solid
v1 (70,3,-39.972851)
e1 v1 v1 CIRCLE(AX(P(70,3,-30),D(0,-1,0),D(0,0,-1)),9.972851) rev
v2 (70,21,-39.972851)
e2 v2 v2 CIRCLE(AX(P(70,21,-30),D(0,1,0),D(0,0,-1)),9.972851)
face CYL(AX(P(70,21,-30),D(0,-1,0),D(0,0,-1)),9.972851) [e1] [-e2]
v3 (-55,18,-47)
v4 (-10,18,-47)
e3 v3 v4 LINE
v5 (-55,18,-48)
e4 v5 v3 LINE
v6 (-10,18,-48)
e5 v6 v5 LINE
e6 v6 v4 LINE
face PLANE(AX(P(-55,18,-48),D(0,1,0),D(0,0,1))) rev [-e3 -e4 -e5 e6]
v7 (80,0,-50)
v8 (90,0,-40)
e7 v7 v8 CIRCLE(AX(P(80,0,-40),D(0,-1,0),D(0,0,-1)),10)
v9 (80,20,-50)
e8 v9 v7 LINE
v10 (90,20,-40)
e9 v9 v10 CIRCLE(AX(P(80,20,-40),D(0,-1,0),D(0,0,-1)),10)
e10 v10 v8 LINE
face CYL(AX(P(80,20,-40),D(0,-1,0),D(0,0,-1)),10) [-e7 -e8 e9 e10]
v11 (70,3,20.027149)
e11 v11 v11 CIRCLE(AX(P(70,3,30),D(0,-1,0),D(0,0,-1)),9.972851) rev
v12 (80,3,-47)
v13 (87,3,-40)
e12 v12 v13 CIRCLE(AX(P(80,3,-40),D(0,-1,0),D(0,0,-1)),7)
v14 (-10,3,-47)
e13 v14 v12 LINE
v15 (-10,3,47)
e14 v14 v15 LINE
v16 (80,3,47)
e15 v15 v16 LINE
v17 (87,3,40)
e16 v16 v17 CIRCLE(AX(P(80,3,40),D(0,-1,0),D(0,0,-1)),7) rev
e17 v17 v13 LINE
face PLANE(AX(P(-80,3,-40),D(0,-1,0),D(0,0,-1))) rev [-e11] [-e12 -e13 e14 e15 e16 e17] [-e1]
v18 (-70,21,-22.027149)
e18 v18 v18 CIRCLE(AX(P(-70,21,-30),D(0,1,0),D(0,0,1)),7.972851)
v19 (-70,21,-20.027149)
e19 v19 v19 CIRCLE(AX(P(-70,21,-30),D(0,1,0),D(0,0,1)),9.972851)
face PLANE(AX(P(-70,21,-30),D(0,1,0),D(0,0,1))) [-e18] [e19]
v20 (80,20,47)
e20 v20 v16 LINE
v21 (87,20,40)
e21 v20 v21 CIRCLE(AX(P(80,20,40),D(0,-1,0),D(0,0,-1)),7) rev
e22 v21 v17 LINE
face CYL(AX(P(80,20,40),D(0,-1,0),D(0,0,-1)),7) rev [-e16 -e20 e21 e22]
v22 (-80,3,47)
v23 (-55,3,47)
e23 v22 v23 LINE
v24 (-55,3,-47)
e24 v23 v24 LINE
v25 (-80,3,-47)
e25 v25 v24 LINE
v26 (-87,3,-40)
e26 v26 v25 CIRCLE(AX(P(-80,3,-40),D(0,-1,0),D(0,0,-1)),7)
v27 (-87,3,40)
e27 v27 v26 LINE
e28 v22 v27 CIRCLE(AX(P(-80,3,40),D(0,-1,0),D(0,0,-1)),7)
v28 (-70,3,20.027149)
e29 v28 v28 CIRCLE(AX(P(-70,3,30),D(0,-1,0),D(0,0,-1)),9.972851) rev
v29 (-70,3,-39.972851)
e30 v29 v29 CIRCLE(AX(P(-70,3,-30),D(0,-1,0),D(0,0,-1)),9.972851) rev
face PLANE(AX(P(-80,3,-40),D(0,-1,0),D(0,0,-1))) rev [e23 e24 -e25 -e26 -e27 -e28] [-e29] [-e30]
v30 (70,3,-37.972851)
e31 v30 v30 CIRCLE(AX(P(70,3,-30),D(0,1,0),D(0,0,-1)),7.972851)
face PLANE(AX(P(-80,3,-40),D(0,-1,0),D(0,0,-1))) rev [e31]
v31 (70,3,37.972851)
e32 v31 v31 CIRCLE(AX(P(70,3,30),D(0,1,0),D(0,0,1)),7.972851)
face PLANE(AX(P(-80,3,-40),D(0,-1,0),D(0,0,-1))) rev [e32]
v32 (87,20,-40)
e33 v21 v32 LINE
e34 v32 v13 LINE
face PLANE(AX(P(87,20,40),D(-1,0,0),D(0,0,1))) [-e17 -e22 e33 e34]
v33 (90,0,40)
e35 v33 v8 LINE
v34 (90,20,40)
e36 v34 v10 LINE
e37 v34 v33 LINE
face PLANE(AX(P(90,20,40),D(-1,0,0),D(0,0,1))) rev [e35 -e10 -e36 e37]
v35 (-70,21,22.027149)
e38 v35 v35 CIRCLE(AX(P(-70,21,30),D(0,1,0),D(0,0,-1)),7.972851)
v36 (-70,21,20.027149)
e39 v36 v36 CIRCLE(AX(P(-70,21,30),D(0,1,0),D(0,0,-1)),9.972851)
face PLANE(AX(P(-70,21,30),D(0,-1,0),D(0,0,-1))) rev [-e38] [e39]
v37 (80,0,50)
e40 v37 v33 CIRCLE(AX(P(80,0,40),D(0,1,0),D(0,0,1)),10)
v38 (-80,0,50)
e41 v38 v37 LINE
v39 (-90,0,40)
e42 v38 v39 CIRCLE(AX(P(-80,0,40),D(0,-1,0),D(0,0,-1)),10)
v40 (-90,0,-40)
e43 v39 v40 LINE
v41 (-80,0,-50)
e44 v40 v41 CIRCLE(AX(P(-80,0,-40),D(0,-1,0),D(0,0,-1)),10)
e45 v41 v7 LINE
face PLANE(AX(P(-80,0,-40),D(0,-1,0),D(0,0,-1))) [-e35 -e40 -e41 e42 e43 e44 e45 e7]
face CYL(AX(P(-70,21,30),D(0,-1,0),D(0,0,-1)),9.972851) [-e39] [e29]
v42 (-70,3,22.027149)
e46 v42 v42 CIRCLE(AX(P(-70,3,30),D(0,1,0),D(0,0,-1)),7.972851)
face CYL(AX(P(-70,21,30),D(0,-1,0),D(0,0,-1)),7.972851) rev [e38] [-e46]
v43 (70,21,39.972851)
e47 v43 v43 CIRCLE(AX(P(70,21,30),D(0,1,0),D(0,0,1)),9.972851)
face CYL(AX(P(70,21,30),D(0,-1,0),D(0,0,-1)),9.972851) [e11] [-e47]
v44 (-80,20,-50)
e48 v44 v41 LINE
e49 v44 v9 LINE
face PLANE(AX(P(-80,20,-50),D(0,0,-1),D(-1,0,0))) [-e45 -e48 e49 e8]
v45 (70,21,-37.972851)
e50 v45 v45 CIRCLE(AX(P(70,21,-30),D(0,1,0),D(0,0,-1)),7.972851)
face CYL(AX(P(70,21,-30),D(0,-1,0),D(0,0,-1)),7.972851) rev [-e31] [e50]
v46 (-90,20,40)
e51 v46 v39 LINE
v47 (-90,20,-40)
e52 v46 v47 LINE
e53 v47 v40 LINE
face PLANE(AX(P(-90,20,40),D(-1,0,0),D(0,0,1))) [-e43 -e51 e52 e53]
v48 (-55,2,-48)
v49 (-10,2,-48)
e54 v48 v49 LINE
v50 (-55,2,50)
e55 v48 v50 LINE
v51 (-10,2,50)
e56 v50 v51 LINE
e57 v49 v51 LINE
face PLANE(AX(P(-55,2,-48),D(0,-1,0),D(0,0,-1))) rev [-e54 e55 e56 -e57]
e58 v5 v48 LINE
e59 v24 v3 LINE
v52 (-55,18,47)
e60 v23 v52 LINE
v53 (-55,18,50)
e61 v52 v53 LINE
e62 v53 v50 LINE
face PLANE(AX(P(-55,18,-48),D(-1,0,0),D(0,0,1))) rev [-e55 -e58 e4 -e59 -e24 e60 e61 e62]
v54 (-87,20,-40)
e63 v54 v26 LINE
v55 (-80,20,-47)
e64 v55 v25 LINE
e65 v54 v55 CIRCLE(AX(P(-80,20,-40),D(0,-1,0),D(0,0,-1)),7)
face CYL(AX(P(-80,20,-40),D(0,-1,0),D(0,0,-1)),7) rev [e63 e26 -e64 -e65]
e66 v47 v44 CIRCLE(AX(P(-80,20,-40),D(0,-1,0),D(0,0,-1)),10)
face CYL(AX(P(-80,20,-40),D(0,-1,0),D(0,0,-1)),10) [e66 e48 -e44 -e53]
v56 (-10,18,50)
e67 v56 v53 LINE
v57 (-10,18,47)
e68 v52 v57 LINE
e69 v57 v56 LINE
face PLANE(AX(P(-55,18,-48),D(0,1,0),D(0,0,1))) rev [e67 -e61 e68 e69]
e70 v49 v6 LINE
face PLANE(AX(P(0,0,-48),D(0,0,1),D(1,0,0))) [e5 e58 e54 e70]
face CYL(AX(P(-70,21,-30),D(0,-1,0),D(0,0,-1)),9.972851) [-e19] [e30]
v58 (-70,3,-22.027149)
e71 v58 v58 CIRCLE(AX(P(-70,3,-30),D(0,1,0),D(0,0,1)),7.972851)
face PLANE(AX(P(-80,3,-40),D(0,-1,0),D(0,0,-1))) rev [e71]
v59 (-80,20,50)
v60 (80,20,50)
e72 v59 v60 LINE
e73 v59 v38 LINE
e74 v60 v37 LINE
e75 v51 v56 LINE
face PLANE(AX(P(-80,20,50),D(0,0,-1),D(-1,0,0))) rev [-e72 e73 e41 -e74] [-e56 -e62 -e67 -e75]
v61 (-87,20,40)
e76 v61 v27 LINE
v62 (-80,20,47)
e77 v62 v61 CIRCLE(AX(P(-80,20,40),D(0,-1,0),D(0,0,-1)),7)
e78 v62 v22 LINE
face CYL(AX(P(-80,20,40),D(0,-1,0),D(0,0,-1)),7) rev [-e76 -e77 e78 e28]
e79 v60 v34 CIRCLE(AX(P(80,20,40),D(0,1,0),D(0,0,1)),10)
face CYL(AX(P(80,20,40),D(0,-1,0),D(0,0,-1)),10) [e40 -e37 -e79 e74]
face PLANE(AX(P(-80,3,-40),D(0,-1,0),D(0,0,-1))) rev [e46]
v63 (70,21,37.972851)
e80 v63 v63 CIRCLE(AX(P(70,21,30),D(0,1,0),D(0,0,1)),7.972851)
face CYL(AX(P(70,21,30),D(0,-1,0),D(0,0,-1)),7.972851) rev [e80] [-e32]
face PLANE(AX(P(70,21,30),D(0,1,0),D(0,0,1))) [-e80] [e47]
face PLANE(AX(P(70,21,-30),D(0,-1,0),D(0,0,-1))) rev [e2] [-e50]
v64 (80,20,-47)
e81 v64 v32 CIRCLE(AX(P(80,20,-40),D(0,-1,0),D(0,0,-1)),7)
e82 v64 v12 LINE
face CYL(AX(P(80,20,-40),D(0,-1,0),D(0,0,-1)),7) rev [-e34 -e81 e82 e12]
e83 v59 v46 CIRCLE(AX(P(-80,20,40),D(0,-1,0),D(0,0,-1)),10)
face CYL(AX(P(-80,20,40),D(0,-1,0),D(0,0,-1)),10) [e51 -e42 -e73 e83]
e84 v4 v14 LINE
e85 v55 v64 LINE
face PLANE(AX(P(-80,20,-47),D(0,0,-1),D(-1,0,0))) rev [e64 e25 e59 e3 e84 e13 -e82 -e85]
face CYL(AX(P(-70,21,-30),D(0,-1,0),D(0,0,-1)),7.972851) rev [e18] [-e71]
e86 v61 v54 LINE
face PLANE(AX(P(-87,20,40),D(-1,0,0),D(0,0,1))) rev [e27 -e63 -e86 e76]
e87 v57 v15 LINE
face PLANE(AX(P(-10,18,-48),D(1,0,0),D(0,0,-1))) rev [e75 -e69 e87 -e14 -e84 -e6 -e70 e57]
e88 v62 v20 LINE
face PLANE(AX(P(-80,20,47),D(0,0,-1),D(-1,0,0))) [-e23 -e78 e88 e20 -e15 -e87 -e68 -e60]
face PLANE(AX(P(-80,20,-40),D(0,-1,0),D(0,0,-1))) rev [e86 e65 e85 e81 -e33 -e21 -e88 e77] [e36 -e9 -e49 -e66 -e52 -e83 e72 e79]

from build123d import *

# Parameters (mm, degrees)
BOSS_EXTRUDE1_DEPTH = 20
SHELL1_T            = -3
SKETCH3_R           = 9.972851257
SKETCH3_R_2         = 7.972851257
BOSS_EXTRUDE2_DEPTH = 18
SKETCH4_W           = 45
SKETCH4_H           = 16
CUT_EXTRUDE2_DEPTH  = 98


with BuildPart() as part:
    # Sketch1 → Boss-Extrude1 (new body)
    with BuildSketch(Plane(origin=(0, 0, 0), x_dir=(1, 0, 0), z_dir=(0, 1, 0))):
        with BuildLine():
            Line((-80, -50), (80, -50))
            ThreePointArc((80, -50), (87.071067812, -47.071067812), (90, -40))
            Line((90, -40), (90, 40))
            ThreePointArc((90, 40), (87.071067812, 47.071067812), (80, 50))
            Line((80, 50), (-80, 50))
            ThreePointArc((-80, 50), (-87.071067812, 47.071067812), (-90, 40))
            Line((-90, 40), (-90, -40))
            ThreePointArc((-90, -40), (-87.071067812, -47.071067812), (-80, -50))
        make_face()
    extrude(amount=BOSS_EXTRUDE1_DEPTH)

    # Shell1
    shell1_openings = [part.faces().sort_by_distance(p)[0] for p in [
        (0, 20, 0),
    ]]
    offset(amount=SHELL1_T, openings=shell1_openings, kind=Kind.INTERSECTION)

    # Sketch3 → Boss-Extrude2 (add)
    # profile 1 of 4: a face of its own
    with BuildSketch(Plane(origin=(0, 3, 0), x_dir=(1, 0, 0), z_dir=(0, 1, 0))):
        with Locations(Location((-70, 30, 0), (0, 0, 90))):
            Circle(SKETCH3_R)
        with Locations(Location((-70, 30, 0), (0, 0, 270))):
            Circle(SKETCH3_R_2, mode=Mode.SUBTRACT)
    # profile 2 of 4: a face of its own
    with BuildSketch(Plane(origin=(0, 3, 0), x_dir=(1, 0, 0), z_dir=(0, 1, 0))):
        with Locations(Location((70, 30, 0), (0, 0, 90))):
            Circle(SKETCH3_R)
        with Locations(Location((70, 30, 0), (0, 0, 90))):
            Circle(SKETCH3_R_2, mode=Mode.SUBTRACT)
    # profile 3 of 4: a face of its own
    with BuildSketch(Plane(origin=(0, 3, 0), x_dir=(1, 0, 0), z_dir=(0, 1, 0))):
        with Locations(Location((70, -30, 0), (0, 0, 90))):
            Circle(SKETCH3_R)
        with Locations(Location((70, -30, 0), (0, 0, 270))):
            Circle(SKETCH3_R_2, mode=Mode.SUBTRACT)
    # profile 4 of 4: a face of its own
    with BuildSketch(Plane(origin=(0, 3, 0), x_dir=(1, 0, 0), z_dir=(0, 1, 0))):
        with Locations(Location((-70, -30, 0), (0, 0, 90))):
            Circle(SKETCH3_R)
        with Locations(Location((-70, -30, 0), (0, 0, 90))):
            Circle(SKETCH3_R_2, mode=Mode.SUBTRACT)
    extrude(amount=BOSS_EXTRUDE2_DEPTH)

    # Sketch4 → Cut-Extrude2 (cut)
    with BuildSketch(Plane.XY.offset(50)):
        with Locations((-32.5, 10)):
            Rectangle(SKETCH4_W, SKETCH4_H)
    extrude(amount=-CUT_EXTRUDE2_DEPTH, mode=Mode.SUBTRACT)


solid = part.part
